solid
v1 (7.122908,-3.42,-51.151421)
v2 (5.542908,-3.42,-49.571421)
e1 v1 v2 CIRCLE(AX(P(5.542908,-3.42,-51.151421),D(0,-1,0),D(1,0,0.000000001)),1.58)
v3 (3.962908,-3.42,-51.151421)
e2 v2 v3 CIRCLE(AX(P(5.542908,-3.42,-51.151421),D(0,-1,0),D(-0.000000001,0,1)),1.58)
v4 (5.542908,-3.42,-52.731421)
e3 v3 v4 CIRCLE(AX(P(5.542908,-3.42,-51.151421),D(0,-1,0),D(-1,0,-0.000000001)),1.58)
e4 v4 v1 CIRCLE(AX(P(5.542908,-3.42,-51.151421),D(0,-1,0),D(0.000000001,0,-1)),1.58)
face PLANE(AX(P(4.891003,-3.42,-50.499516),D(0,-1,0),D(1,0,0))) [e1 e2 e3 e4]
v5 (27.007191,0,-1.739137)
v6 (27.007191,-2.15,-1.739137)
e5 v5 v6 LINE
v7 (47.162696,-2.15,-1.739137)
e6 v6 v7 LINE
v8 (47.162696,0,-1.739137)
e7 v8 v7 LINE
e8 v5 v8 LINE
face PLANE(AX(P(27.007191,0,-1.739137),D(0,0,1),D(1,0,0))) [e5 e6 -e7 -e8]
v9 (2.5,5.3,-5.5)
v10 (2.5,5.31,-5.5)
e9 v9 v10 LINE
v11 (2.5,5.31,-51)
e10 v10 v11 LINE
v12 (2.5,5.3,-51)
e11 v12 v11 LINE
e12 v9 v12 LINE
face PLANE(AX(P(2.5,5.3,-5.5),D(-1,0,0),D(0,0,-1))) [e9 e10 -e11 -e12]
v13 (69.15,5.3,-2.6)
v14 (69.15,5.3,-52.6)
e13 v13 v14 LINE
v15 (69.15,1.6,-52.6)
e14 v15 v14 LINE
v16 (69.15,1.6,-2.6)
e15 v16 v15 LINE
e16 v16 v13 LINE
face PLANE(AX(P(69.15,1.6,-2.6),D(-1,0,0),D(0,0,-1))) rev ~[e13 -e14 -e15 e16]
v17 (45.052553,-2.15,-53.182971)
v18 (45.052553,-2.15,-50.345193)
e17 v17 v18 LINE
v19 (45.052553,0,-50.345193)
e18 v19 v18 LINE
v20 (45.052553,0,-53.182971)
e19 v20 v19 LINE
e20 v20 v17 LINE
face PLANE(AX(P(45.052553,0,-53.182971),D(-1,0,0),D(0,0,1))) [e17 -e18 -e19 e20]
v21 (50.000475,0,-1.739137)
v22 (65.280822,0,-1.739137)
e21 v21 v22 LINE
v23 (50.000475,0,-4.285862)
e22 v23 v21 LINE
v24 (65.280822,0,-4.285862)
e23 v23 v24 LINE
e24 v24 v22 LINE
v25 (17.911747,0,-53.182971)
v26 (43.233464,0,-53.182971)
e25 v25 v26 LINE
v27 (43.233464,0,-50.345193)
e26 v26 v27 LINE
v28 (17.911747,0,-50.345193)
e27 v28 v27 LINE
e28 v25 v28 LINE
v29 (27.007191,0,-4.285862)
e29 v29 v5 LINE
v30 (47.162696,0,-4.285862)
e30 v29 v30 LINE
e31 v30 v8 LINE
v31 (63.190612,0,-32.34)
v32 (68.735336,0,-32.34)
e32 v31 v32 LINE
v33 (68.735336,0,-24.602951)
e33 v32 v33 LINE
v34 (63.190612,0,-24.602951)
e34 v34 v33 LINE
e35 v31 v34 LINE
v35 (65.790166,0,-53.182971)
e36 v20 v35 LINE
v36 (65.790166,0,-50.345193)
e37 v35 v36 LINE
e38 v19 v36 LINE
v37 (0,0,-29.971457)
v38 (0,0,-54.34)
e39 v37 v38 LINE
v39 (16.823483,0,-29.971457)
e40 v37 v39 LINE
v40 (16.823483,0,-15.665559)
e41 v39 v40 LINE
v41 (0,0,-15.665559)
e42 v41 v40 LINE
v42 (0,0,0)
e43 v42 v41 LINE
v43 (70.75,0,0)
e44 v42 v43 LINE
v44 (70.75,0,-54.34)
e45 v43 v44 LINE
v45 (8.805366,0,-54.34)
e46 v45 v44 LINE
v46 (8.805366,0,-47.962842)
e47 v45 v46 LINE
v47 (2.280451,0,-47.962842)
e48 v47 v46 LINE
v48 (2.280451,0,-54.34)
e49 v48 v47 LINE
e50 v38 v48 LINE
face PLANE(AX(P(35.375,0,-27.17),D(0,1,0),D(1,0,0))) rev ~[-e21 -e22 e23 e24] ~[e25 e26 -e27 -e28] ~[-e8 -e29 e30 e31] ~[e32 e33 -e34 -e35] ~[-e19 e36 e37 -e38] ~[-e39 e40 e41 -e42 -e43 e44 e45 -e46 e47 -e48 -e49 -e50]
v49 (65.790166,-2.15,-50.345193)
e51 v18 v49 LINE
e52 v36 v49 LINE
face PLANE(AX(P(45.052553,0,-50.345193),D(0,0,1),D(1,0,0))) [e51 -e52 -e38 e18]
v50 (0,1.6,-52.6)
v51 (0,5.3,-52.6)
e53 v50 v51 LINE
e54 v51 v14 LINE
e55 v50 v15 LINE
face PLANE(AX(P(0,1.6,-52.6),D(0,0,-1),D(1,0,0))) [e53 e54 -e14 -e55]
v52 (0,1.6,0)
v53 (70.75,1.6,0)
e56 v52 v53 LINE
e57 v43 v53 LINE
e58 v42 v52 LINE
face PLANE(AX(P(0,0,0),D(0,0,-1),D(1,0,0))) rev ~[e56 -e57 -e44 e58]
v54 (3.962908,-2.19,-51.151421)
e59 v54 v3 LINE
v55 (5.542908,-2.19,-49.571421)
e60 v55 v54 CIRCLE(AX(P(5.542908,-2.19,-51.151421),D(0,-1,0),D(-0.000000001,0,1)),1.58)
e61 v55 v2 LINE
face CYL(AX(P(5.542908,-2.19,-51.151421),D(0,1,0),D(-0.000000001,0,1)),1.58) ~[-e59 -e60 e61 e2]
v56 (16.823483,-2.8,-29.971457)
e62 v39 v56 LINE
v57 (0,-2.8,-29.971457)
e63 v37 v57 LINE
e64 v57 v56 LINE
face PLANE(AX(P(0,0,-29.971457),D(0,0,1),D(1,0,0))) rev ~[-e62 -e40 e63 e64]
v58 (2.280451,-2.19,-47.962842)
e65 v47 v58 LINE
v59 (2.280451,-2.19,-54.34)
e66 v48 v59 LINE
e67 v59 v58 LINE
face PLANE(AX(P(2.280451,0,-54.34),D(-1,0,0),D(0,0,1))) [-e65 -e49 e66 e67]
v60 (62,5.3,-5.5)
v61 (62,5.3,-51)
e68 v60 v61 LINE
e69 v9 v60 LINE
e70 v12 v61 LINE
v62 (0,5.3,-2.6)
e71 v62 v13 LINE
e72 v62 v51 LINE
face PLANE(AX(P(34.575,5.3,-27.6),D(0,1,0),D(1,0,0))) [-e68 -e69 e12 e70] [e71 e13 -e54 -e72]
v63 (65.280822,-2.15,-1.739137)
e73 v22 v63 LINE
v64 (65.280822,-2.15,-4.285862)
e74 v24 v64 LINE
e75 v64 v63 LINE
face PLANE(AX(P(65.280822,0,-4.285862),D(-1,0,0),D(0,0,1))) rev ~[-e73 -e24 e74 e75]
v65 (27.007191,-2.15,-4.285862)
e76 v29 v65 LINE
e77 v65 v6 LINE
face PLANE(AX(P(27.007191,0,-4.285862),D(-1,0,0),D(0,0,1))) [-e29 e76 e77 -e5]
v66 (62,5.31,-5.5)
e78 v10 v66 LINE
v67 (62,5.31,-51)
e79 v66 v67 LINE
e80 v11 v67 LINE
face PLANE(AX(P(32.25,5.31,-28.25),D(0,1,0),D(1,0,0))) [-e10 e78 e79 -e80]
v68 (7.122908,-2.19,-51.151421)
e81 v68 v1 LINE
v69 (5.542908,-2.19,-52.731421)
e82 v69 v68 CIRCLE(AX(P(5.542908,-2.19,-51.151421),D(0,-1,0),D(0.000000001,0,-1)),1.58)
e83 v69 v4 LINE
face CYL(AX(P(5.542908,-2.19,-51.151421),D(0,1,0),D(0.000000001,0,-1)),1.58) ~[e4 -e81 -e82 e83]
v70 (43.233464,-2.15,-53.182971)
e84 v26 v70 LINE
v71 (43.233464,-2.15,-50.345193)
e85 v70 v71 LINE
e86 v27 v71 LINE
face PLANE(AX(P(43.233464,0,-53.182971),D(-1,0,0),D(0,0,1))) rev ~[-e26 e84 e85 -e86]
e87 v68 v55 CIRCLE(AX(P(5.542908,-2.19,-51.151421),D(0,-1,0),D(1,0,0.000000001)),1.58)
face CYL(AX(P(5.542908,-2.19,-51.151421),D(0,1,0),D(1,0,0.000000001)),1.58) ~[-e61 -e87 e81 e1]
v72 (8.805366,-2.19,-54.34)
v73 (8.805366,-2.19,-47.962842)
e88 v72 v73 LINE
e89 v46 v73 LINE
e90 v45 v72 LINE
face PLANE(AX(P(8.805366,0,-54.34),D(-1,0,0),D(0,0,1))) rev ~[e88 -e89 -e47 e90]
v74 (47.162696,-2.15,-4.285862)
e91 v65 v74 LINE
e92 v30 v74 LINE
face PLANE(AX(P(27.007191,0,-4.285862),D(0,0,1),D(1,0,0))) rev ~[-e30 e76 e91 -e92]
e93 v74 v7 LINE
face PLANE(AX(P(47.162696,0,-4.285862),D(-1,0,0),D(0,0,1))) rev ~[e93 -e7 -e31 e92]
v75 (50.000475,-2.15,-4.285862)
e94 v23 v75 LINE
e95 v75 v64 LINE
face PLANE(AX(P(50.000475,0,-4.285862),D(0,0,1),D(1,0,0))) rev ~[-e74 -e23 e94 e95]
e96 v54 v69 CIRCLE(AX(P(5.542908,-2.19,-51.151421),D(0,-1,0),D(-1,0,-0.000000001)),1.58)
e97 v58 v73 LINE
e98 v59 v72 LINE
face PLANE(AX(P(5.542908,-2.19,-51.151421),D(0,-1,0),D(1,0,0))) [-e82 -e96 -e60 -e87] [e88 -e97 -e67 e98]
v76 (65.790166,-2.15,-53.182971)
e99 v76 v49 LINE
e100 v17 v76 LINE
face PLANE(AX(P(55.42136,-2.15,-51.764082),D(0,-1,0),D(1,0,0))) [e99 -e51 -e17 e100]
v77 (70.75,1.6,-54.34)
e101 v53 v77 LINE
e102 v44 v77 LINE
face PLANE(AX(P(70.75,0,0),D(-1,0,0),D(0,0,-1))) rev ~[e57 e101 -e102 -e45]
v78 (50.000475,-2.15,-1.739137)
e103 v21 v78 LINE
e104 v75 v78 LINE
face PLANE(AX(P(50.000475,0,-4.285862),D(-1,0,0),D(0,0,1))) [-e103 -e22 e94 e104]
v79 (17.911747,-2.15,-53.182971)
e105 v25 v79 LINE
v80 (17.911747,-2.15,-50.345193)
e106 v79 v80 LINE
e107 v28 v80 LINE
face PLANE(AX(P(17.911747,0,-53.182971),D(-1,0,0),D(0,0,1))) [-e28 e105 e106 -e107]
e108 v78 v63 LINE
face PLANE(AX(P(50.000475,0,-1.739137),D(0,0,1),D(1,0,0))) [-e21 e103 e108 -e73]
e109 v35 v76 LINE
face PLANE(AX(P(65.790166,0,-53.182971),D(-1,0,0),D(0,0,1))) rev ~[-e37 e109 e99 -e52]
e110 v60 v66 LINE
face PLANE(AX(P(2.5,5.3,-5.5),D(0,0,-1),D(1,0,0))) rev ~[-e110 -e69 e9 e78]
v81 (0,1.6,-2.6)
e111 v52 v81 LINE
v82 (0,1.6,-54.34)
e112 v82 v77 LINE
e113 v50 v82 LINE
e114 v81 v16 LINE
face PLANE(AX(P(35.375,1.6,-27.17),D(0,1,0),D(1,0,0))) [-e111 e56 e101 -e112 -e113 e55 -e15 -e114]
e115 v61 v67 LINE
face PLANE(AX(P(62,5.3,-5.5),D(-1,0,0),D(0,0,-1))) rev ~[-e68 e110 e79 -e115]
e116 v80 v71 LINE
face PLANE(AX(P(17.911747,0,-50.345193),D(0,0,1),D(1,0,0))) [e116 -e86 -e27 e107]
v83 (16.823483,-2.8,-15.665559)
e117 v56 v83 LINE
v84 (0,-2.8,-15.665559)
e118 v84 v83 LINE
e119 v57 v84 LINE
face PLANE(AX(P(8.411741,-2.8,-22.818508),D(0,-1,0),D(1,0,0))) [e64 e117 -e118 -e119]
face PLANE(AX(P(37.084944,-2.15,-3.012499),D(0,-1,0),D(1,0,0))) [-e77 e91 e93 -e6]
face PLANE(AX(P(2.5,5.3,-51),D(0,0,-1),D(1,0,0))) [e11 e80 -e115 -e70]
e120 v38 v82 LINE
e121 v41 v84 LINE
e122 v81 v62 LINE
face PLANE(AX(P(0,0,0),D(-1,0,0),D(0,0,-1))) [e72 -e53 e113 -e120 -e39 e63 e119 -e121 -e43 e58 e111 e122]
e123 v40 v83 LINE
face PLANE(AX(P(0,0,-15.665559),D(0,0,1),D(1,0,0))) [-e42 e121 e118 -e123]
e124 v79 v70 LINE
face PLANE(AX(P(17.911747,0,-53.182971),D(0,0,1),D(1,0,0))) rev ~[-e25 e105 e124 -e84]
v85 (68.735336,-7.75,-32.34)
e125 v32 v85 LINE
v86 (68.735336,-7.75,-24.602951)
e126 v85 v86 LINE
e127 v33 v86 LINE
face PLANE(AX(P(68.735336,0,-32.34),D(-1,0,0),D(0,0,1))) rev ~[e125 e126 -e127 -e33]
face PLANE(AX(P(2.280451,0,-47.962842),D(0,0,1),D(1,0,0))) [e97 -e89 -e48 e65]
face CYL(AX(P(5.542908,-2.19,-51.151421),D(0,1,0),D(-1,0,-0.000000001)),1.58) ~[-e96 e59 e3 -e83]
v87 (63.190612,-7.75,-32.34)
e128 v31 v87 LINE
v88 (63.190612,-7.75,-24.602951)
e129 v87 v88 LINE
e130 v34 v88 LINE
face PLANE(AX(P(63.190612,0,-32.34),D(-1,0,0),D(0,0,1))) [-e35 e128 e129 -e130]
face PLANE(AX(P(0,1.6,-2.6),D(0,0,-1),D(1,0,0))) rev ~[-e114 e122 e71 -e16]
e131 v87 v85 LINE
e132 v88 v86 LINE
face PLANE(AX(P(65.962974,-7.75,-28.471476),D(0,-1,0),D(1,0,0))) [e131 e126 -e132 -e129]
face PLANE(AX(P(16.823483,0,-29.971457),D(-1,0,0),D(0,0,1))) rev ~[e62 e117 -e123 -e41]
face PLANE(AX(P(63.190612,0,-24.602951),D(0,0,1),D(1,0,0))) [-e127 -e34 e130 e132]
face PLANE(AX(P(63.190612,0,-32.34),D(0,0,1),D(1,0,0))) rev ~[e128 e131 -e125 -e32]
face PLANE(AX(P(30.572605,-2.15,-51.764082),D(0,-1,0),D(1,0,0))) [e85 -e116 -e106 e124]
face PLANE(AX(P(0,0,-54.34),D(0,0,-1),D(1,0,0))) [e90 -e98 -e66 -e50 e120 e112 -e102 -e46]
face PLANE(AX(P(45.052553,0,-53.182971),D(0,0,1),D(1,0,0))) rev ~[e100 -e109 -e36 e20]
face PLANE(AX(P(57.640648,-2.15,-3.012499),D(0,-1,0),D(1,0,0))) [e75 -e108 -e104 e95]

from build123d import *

# Parameters (mm, degrees)
SKETCH1_W           = 70.75
SKETCH1_H           = 54.34
PCB_DEPTH           = 1.6
SKETCH2_W           = 69.15
SKETCH2_H           = 50
SCREEN_DEPTH        = 3.7
SKETCH3_W           = 59.5
SKETCH3_H           = 45.5
USABLE_SPACE_DEPTH  = 0.01
SKETCH4_W           = 16.823482751
SKETCH4_H           = 14.30589821
SD_SLOT_DEPTH       = 2.8
SKETCH6_W           = 6.52491574
SKETCH6_H           = 6.37715793
RESET_BUTTON_DEPTH  = 2.19
BOSS_EXTRUDE6_DEPTH = 1.23
SKETCH8_W           = 5.544724278
SKETCH8_H           = 7.737048543
BOSS_EXTRUDE7_DEPTH = 7.75
SKETCH9_W           = 20.155505067
SKETCH9_H           = 2.546724467
SKETCH9_W_2         = 15.280346801
SKETCH9_W_3         = 25.321717556
SKETCH9_H_2         = 2.837778691
SKETCH9_W_4         = 20.737613516
PINS_DEPTH          = 2.15


with BuildPart() as part:
    # Sketch1 → PCB (new body)
    with BuildSketch(Plane(origin=(0, 0, 0), x_dir=(1, 0, 0), z_dir=(0, 1, 0))):
        with Locations((35.375, 27.17)):
            Rectangle(SKETCH1_W, SKETCH1_H)
    extrude(amount=PCB_DEPTH)

    # Sketch2 → Screen (add)
    with BuildSketch(Plane(origin=(0, 1.6, 0), x_dir=(1, 0, 0), z_dir=(0, 1, 0))):
        with Locations((34.575, 27.6)):
            Rectangle(SKETCH2_W, SKETCH2_H)
    extrude(amount=SCREEN_DEPTH)

    # Sketch3 → usable space (add)
    with BuildSketch(Plane(origin=(0, 5.3, 0), x_dir=(1, 0, 0), z_dir=(0, 1, 0))):
        with Locations((32.25, 28.25)):
            Rectangle(SKETCH3_W, SKETCH3_H)
    extrude(amount=USABLE_SPACE_DEPTH)

    # Sketch4 → SD slot (add)
    with BuildSketch(Plane.XZ):
        with Locations((8.411741376, -22.818507851)):
            Rectangle(SKETCH4_W, SKETCH4_H)
    extrude(amount=SD_SLOT_DEPTH)

    # Sketch6 → reset button (add)
    with BuildSketch(Plane.XZ):
        with Locations((5.542908416, -51.151421035)):
            Rectangle(SKETCH6_W, SKETCH6_H)
    extrude(amount=RESET_BUTTON_DEPTH)

    # Sketch7 → Boss-Extrude6 (add)
    with BuildSketch(Plane.XZ.offset(2.19)):
        with BuildLine():
            ThreePointArc((5.542908416, -49.571421035), (4.425679702, -50.034192321), (3.962908416, -51.151421035))
            Line((3.962908416, -51.151421035), (5.542908416, -51.151421035))
            Line((5.542908416, -51.151421035), (5.542908416, -49.571421035))
        make_face()
        with BuildLine():
            Line((5.542908416, -51.151421035), (3.962908416, -51.151421035))
            ThreePointArc((3.962908416, -51.151421035), (4.425679702, -52.268649749), (5.542908416, -52.731421035))
            Line((5.542908416, -52.731421035), (5.542908416, -51.151421035))
        make_face()
        with BuildLine():
            Line((5.542908416, -49.571421035), (5.542908416, -51.151421035))
            Line((5.542908416, -51.151421035), (7.122908416, -51.151421035))
            ThreePointArc((7.122908416, -51.151421035), (6.66013713, -50.034192321), (5.542908416, -49.571421035))
        make_face()
        with BuildLine():
            Line((7.122908416, -51.151421035), (5.542908416, -51.151421035))
            Line((5.542908416, -51.151421035), (5.542908416, -52.731421035))
            ThreePointArc((5.542908416, -52.731421035), (6.66013713, -52.268649749), (7.122908416, -51.151421035))
        make_face()
    extrude(amount=BOSS_EXTRUDE6_DEPTH)

    # Sketch8 → Boss-Extrude7 (add)
    with BuildSketch(Plane.XZ):
        with Locations((65.962973945, -28.471475729)):
            Rectangle(SKETCH8_W, SKETCH8_H)
    extrude(amount=BOSS_EXTRUDE7_DEPTH)

    # Sketch9 → pins (add)
    with BuildSketch(Plane.XZ):
        with Locations((37.084943571, -3.012499342)):
            Rectangle(SKETCH9_W, SKETCH9_H)
        with Locations((57.640648197, -3.012499342)):
            Rectangle(SKETCH9_W_2, SKETCH9_H)
        with Locations((30.572605291, -51.764081995)):
            Rectangle(SKETCH9_W_3, SKETCH9_H_2)
        with Locations((55.421359732, -51.764081995)):
            Rectangle(SKETCH9_W_4, SKETCH9_H_2)
    extrude(amount=PINS_DEPTH)


solid = part.part
